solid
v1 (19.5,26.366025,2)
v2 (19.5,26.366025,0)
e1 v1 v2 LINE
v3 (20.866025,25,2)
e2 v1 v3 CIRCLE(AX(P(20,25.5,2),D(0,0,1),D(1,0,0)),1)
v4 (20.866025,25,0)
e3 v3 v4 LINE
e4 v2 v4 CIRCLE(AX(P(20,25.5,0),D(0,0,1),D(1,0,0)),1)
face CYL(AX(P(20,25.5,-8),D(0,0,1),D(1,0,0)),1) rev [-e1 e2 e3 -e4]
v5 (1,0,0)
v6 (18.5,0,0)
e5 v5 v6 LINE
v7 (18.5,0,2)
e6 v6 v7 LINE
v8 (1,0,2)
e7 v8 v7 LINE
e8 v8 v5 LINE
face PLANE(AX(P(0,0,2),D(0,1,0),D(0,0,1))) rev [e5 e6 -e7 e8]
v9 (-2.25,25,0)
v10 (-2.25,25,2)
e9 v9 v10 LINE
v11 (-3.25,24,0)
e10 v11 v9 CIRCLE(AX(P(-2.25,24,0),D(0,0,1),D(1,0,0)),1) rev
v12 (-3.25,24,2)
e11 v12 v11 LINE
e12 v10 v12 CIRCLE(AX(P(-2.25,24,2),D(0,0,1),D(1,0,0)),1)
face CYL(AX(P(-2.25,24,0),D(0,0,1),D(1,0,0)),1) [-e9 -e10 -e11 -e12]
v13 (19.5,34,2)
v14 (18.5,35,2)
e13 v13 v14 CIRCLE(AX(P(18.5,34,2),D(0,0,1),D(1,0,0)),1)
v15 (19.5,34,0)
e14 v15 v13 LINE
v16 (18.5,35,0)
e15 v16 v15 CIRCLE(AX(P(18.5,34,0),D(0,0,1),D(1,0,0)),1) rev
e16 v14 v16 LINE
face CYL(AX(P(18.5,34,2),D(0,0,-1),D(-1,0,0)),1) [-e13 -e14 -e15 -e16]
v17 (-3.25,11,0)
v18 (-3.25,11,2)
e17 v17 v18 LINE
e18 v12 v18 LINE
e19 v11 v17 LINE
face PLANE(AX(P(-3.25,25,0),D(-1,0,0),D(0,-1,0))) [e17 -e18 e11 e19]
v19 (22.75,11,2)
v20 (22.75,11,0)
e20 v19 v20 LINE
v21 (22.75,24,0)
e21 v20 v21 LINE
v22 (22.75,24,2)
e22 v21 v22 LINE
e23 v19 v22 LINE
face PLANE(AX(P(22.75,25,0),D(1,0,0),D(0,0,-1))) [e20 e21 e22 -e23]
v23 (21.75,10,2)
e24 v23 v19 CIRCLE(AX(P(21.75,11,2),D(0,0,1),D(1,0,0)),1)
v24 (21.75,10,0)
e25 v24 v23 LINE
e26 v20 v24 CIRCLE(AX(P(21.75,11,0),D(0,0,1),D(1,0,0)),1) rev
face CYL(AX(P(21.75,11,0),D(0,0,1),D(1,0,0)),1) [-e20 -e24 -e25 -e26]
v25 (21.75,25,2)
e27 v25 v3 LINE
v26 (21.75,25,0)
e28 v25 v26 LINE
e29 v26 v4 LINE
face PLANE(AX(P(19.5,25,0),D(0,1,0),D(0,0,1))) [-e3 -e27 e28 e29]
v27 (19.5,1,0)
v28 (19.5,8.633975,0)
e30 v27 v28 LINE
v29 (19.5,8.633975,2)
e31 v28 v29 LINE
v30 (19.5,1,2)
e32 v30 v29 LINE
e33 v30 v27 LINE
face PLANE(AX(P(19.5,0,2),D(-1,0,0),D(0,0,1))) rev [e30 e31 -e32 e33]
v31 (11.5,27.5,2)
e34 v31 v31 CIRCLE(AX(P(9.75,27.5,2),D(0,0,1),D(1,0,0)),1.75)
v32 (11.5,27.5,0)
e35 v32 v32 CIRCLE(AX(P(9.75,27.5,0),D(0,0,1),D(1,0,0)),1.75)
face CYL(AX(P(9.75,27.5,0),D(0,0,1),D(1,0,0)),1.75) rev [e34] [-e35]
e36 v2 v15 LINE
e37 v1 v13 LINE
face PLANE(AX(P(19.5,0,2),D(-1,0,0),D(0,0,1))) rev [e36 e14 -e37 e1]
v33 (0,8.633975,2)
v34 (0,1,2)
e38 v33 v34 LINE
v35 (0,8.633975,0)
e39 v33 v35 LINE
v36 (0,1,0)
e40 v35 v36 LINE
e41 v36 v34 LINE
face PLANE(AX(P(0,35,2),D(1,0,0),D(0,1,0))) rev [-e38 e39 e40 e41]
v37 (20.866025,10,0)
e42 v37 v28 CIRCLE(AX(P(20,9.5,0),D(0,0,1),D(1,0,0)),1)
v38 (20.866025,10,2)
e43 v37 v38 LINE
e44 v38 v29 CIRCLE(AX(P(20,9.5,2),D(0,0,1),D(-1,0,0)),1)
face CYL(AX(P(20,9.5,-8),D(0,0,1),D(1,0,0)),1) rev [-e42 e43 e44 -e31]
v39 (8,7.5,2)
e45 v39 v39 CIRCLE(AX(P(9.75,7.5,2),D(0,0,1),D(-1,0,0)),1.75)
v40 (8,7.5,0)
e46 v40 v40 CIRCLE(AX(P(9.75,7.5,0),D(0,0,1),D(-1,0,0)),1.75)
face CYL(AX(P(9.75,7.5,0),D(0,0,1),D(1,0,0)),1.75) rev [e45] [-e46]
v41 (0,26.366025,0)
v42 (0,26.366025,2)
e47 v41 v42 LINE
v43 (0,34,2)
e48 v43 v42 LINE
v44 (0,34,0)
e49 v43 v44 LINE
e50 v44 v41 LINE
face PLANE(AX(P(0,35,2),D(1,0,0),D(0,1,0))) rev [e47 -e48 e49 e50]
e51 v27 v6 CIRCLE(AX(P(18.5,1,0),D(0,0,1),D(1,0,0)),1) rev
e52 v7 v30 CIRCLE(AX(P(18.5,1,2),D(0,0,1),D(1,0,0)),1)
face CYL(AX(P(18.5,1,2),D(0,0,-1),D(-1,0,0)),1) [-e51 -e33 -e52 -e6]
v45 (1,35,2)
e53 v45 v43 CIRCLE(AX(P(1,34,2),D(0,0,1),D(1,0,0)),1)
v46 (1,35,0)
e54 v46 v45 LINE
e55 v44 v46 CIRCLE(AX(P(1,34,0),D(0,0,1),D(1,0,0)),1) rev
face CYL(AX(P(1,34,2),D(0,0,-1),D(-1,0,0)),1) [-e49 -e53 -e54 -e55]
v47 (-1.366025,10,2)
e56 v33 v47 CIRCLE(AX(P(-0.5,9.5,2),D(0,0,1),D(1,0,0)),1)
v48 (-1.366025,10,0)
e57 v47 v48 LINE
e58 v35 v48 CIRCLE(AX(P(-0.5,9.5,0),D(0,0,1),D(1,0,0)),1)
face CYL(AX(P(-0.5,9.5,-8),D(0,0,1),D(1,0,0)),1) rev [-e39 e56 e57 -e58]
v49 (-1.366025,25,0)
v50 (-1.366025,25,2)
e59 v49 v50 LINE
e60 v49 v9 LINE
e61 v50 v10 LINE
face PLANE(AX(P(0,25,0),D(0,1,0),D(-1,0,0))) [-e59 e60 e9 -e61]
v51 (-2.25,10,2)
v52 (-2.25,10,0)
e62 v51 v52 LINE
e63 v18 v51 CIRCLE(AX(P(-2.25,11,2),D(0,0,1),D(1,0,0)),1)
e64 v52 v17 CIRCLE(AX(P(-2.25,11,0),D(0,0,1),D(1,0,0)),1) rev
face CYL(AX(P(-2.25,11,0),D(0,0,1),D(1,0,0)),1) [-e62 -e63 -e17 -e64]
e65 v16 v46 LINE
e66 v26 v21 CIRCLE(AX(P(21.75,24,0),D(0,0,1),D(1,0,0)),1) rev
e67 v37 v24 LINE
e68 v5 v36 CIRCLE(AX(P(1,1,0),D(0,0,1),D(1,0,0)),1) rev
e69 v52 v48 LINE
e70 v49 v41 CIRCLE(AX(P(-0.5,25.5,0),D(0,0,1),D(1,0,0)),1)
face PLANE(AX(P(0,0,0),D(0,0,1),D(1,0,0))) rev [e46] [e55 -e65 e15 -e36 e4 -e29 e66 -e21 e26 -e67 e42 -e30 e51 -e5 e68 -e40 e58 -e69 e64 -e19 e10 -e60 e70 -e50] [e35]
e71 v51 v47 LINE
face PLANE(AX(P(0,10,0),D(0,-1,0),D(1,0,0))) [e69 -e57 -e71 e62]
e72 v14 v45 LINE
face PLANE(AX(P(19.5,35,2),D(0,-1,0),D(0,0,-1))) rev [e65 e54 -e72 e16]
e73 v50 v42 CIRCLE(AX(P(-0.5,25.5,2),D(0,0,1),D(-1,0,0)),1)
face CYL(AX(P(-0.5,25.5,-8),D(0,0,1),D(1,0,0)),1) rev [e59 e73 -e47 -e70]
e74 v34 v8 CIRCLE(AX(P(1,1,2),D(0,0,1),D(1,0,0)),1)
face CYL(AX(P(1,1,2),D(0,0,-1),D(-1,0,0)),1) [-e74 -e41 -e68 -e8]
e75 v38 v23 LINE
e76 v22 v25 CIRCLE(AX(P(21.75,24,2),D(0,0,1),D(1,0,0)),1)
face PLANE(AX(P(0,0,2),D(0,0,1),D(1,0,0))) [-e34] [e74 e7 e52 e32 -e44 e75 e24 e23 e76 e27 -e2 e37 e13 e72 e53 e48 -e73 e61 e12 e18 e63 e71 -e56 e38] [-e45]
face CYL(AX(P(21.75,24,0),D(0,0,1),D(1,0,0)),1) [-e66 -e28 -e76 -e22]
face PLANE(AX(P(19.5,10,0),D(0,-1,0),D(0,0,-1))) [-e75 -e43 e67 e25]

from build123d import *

# Parameters (mm, degrees)
SKETCH_1_W          = 19.5
SKETCH_1_H          = 35
EXTRUDE_1_DEPTH     = 2
SKETCH_3_R          = 1.75
CUT_EXTRUDE_1_DEPTH = 41.115458367
SKETCH_4_W          = 3.25
SKETCH_4_H          = 15
EXTRUDE_2_DEPTH     = 2
SKETCH_5_R          = 1
CUT_EXTRUDE_2_DEPTH = 10
FILLET_1_R          = 1


with BuildPart() as part:
    # 草图1 → 凸台-拉伸1 (new body)
    with BuildSketch(Plane.XY):
        with Locations((9.75, 17.5)):
            Rectangle(SKETCH_1_W, SKETCH_1_H)
    extrude(amount=EXTRUDE_1_DEPTH)

    # 草图3 → 切除-拉伸1 (cut, through all)
    with BuildSketch(Plane.XY.offset(2)):
        with Locations((9.75, 27.5)):
            Circle(SKETCH_3_R)
        with Locations(Location((9.75, 7.5, 0), (0, 0, 180))):
            Circle(SKETCH_3_R)
    extrude(amount=-CUT_EXTRUDE_1_DEPTH, mode=Mode.SUBTRACT)

    # 草图4 → 凸台-拉伸2 (add)
    with BuildSketch(Plane.XY.offset(2)):
        with Locations((21.125, 17.5)):
            Rectangle(SKETCH_4_W, SKETCH_4_H)
        with Locations((-1.625, 17.5)):
            Rectangle(SKETCH_4_W, SKETCH_4_H)
    extrude(amount=-EXTRUDE_2_DEPTH)

    # 草图5 → 切除-拉伸2 (cut)
    with BuildSketch(Plane.XY.offset(2)):
        with Locations((20, 25.5)):
            Circle(SKETCH_5_R)
        with Locations((20, 9.5)):
            Circle(SKETCH_5_R)
        with Locations((-0.5, 9.5)):
            Circle(SKETCH_5_R)
        with Locations((-0.5, 25.5)):
            Circle(SKETCH_5_R)
    extrude(amount=-CUT_EXTRUDE_2_DEPTH, mode=Mode.SUBTRACT)

    # 圆角1
    fillet_1_edges = [part.edges().sort_by_distance(p)[0] for p in [
        (22.75, 10, 1),
        (22.75, 25, 1),
        (-3.25, 10, 1),
        (-3.25, 25, 1),
        (19.5, 35, 1),
        (19.5, 0, 1),
        (0, 0, 1),
        (0, 35, 1),
    ]]
    fillet(fillet_1_edges, radius=FILLET_1_R)


solid = part.part
